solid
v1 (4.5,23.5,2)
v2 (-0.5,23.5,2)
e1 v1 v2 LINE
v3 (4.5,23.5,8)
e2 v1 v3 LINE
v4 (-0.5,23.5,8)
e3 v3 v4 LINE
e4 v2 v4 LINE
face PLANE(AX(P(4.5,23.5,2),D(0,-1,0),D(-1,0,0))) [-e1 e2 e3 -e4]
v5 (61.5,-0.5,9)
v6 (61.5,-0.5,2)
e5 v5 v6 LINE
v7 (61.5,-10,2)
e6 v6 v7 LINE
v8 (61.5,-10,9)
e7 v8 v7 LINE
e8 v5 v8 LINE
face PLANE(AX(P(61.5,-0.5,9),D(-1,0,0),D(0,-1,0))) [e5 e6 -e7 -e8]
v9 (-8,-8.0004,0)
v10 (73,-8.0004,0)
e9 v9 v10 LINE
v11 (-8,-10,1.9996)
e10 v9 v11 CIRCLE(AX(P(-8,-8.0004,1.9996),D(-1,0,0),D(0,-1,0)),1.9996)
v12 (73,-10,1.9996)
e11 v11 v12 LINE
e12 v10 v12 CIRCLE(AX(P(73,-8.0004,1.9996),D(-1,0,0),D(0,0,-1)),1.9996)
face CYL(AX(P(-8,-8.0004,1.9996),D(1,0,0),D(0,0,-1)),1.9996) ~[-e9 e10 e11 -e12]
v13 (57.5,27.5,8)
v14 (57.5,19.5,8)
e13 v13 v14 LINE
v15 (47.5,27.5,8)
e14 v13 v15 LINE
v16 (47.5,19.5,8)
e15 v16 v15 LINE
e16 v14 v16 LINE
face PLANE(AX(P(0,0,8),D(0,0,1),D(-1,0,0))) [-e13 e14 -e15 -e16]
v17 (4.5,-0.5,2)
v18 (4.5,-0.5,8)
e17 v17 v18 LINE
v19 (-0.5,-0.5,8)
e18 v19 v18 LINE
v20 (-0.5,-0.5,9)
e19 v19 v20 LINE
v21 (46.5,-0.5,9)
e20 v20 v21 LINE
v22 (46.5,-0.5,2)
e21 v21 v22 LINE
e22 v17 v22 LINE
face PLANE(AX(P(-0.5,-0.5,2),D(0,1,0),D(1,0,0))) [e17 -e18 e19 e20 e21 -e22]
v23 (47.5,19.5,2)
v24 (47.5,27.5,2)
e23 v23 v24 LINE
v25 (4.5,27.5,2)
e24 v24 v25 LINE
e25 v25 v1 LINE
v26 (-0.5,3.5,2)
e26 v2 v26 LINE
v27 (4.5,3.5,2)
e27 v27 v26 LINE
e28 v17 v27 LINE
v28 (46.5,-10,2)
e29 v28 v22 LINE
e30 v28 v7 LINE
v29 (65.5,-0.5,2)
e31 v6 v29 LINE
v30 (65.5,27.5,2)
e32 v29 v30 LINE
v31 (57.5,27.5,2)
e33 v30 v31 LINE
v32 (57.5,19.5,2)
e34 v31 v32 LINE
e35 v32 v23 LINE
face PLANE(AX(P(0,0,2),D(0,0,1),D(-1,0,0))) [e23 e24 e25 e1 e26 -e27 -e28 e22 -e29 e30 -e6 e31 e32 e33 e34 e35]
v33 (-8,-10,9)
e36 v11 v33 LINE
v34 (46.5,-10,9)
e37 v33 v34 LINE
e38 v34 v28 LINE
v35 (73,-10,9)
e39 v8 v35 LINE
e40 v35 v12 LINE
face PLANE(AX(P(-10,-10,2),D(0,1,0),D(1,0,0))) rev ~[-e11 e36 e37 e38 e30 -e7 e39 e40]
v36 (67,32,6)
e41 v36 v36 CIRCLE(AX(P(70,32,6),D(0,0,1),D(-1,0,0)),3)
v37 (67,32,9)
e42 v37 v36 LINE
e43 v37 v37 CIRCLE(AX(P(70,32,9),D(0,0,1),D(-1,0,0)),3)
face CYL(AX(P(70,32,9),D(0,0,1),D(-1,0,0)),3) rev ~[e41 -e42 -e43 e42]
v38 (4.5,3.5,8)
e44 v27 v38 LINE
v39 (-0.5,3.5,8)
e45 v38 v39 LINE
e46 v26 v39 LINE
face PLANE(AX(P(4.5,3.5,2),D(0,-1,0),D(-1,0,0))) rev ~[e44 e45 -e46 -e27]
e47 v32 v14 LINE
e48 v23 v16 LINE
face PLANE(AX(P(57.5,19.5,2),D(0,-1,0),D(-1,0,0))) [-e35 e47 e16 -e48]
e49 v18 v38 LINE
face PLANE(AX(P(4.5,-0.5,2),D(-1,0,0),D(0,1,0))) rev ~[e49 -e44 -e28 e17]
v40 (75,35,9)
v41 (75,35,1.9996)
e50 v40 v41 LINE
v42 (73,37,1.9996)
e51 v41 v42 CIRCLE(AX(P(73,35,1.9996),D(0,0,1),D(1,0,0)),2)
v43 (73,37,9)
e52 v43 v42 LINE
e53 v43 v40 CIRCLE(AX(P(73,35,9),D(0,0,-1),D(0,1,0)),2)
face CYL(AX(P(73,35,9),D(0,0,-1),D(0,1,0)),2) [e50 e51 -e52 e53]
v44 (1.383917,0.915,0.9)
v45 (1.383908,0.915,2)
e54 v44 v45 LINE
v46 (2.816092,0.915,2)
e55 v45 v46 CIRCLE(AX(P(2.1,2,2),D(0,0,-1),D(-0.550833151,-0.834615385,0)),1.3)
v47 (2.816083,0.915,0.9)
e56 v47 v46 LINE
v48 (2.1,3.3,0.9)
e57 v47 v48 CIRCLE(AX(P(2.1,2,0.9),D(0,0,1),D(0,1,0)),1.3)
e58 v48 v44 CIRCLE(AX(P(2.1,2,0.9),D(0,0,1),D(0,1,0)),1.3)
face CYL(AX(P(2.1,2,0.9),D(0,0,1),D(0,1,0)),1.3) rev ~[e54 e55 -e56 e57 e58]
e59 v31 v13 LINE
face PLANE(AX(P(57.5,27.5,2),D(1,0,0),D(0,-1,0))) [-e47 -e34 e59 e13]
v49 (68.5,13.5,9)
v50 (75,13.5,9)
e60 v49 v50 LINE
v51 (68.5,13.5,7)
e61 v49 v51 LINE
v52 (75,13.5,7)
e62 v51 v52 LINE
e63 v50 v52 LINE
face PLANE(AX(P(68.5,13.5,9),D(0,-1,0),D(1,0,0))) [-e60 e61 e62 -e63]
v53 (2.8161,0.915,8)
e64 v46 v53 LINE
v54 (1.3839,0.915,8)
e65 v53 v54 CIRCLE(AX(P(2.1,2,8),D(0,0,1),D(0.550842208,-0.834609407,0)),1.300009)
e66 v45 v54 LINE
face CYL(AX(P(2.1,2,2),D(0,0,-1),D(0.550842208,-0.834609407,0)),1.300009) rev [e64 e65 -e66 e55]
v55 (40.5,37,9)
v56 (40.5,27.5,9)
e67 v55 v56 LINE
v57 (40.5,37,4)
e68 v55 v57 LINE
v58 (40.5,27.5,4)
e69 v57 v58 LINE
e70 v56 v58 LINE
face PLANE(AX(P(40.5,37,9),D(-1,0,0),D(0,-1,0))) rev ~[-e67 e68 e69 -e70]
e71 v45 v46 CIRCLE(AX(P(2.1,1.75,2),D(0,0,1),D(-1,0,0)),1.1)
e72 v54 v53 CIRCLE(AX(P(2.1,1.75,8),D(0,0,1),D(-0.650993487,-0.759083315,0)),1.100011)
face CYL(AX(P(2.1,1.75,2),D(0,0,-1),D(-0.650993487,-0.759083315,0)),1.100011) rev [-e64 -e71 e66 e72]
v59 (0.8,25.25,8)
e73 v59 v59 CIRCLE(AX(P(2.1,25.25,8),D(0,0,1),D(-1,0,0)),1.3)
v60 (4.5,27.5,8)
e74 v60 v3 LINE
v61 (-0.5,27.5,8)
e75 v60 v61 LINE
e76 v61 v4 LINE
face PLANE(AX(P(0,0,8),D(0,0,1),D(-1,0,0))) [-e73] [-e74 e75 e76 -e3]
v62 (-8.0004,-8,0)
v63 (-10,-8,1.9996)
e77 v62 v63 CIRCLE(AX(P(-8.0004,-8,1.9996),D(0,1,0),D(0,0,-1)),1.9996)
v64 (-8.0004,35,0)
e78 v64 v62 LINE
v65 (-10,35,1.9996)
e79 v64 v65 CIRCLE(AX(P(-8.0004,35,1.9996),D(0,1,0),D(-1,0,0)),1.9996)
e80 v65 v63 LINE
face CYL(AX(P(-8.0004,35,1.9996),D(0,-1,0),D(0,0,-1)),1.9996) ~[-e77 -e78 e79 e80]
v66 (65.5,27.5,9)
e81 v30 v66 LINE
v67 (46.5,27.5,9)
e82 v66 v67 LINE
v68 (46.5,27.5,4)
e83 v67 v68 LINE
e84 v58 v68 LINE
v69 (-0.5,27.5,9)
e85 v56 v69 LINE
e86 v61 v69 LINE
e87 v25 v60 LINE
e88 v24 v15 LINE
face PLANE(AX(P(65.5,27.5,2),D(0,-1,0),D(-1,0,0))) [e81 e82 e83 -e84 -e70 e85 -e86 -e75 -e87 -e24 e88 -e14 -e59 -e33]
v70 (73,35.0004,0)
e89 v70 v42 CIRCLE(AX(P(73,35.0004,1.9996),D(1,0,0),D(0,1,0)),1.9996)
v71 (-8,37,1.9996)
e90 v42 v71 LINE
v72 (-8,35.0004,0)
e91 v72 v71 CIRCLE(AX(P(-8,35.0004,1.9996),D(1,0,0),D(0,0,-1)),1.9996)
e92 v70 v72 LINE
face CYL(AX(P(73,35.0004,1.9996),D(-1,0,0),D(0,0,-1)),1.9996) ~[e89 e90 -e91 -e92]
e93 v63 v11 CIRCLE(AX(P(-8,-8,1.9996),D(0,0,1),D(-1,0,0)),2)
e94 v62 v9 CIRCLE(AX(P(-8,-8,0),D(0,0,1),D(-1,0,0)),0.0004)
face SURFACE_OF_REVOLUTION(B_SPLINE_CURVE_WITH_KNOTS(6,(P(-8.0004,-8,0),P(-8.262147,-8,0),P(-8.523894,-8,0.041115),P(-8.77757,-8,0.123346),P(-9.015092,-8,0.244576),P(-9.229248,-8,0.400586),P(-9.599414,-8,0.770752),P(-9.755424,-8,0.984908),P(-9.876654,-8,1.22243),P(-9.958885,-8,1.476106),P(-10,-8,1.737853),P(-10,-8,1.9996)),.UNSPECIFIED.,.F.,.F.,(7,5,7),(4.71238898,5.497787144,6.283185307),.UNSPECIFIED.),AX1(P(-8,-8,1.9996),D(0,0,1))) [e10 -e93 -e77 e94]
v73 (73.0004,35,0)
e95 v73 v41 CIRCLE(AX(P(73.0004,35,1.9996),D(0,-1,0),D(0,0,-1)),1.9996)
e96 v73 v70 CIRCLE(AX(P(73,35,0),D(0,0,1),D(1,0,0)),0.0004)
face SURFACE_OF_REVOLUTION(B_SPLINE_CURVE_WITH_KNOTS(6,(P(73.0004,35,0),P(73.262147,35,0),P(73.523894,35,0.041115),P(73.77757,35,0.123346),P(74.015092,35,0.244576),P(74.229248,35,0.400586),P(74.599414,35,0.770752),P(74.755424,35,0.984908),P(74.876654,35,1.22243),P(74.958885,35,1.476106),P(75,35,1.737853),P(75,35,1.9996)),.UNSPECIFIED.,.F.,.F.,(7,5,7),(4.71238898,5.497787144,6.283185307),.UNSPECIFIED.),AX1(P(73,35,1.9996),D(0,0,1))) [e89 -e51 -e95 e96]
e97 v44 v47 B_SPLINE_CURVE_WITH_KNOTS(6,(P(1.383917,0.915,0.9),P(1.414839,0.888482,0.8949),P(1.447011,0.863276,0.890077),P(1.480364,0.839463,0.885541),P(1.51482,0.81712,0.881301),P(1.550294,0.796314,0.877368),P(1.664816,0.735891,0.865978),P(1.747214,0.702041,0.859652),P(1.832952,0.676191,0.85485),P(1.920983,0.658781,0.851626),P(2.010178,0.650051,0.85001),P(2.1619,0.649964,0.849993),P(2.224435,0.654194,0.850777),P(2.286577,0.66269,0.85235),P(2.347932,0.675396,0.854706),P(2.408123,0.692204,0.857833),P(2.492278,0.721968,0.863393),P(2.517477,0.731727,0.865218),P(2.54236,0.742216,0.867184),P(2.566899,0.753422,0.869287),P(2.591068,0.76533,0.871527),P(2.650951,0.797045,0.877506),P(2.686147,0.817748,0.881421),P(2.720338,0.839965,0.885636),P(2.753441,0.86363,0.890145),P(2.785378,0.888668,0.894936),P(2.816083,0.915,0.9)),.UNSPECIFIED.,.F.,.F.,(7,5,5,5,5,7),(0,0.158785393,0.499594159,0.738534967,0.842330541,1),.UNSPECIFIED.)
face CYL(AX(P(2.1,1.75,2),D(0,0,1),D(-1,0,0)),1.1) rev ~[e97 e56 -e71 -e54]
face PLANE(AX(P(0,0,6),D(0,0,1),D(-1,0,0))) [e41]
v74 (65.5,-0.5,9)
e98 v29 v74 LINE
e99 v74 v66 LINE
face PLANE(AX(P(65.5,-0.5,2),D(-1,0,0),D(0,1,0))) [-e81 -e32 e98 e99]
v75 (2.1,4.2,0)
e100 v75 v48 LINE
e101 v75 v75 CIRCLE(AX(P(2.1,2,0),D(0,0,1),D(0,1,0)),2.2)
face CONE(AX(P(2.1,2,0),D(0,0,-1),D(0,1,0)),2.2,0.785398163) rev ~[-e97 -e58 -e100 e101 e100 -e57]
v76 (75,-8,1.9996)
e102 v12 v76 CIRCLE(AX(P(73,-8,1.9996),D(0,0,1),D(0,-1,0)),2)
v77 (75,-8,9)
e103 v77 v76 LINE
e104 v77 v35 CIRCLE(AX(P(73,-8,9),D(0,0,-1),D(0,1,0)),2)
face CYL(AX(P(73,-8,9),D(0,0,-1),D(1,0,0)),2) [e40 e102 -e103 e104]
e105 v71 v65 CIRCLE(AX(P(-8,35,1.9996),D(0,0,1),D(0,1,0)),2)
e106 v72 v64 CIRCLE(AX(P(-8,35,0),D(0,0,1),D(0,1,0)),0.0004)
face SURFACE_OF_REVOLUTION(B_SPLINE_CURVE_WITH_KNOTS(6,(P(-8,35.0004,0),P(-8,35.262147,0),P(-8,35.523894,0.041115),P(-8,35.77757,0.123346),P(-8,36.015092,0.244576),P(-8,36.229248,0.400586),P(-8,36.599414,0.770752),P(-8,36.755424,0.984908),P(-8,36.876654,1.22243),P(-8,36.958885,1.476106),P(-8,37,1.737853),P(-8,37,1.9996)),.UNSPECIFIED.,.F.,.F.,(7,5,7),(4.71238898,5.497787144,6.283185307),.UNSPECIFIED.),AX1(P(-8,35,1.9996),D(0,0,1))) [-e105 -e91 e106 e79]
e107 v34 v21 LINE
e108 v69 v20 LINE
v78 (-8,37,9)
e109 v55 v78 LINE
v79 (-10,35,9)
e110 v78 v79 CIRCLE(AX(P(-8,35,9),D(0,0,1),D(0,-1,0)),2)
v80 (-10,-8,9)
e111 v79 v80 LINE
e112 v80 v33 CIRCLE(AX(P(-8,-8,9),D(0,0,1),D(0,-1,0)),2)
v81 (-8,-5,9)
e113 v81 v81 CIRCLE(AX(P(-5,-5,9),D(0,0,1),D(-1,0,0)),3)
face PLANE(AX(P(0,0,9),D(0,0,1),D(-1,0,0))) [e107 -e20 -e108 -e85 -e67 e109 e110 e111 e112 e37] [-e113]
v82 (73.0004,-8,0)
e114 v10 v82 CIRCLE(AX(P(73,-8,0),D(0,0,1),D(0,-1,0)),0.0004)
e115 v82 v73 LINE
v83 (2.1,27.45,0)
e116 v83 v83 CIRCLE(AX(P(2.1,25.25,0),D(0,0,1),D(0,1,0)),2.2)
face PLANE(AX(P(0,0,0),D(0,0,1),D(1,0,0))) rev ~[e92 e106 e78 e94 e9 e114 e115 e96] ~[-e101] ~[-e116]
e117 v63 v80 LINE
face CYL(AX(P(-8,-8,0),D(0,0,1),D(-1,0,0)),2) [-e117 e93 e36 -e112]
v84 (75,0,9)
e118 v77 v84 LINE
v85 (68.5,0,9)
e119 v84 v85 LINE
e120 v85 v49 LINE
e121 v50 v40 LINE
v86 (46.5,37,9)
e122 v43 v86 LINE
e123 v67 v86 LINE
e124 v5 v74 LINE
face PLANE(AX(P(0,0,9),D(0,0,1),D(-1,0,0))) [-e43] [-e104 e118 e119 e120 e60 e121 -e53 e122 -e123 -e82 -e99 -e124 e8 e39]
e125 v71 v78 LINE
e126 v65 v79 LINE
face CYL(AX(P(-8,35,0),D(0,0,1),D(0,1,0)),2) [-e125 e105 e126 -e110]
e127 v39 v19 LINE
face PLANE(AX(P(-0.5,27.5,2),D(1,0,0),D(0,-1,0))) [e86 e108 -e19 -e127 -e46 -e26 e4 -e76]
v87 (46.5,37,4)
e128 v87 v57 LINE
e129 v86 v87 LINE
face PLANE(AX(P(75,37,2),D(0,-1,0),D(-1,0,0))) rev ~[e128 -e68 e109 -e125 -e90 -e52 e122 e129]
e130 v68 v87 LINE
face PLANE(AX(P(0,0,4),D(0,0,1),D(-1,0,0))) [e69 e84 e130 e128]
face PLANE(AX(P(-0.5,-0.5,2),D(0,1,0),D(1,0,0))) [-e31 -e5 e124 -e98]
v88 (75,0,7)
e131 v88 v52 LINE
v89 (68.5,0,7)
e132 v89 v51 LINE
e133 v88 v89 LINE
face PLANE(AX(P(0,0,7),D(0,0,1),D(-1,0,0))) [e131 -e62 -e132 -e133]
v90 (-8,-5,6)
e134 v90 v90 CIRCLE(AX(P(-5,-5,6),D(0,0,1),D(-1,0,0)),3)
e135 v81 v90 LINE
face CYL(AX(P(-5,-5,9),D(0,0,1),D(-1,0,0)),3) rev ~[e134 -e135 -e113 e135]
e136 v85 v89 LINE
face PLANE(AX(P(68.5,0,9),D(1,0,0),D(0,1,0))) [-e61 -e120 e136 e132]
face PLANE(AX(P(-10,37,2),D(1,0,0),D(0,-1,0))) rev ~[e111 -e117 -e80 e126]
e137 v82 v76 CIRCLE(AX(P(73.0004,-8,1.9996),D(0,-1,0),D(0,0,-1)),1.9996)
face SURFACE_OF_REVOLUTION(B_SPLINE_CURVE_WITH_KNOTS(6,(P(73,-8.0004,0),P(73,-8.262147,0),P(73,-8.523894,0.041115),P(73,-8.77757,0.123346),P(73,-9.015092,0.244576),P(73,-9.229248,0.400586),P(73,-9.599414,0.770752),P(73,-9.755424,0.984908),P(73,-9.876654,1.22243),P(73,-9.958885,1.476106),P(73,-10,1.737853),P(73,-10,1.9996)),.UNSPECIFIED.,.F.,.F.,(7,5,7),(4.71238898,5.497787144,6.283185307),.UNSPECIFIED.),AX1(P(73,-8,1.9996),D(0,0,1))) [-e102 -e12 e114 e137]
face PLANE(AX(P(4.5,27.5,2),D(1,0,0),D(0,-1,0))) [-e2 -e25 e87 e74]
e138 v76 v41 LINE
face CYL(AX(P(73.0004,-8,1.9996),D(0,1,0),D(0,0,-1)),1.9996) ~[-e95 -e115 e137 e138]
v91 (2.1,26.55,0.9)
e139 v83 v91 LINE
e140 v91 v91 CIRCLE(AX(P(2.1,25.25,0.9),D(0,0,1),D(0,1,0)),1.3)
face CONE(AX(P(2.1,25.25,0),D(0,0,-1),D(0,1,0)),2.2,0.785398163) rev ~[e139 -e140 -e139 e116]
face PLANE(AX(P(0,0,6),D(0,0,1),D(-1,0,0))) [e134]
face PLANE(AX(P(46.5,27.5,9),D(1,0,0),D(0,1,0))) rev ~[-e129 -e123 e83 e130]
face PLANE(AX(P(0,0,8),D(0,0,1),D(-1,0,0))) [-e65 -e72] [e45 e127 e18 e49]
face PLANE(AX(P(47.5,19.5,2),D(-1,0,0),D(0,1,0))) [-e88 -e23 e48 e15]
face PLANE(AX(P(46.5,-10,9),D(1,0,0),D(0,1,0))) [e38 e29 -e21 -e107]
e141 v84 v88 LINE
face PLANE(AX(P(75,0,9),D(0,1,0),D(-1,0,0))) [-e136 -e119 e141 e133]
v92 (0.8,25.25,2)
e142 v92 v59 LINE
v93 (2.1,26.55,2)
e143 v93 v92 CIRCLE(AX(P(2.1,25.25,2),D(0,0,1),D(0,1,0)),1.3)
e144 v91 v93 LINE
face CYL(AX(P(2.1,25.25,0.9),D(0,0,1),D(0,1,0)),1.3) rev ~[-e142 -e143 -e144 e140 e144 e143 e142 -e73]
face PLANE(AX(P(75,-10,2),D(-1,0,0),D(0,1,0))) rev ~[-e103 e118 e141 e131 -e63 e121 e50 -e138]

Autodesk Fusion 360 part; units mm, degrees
sketch "Sketch1" plane through (0, 0, 0) normal (0, 0, 1) x (1, 0, 0)
  line L0 (0, 0) -> (65, 0)
  line L1 (65, 0) -> (65, 27)
  line L2 (65, 27) -> (0, 27)
  line L3 (0, 27) -> (0, 0)
  line L4 (-10, -10) -> (75, -10)
  line L5 (75, -10) -> (75, 37)
  line L6 (75, 37) -> (-10, 37)
  line L7 (-10, 37) -> (-10, -10)
  dimension "d3" = 65
  dimension "d4" = 27
  dimension "d5" = 85
  dimension "d6" = 47
  dimension "d7" = 10
  dimension "d8" = 10
extrude "Extrude1" add sketch "Sketch1" along normal blind 2 contours L0 L1 L2 L3 | L4 L5 L6 L7
sketch "Sketch2" plane through (0, 0, 2) normal (0, 0, 1) x (-1, 0, 0)
  line L0 (10, -37) -> (10, 10)
  line L1 (10, 10) -> (-75, 10)
  line L2 (-75, 10) -> (-75, -37)
  line L3 (-75, -37) -> (10, -37)
  line L4 (-65.5, -27.5) -> (0.5, -27.5)
  line L5 (0.5, -27.5) -> (0.5, 0.5)
  line L6 (0.5, 0.5) -> (-65.5, 0.5)
  line L7 (-65.5, 0.5) -> (-65.5, -27.5)
  dimension "d19" = 66
  dimension "d20" = 28
  dimension "d21" = 9.5
  dimension "d22" = 9.5
extrude "Extrude3" add sketch "Sketch2" along normal blind 7
sketch "Sketch3" plane through (0, 0, 2) normal (0, 0, 1) x (-1, 0, 0)
  circle A0 centre (-2.1, -25.25) radius 1.1
  line L0 (0.5, -27.5) -> (0.5, 0.5)
  line L1 (-65.5, -27.5) -> (0.5, -27.5)
  circle A1 centre (-2.1, -1.75) radius 1.1
  line L2 (0.5, 0.5) -> (-65.5, 0.5)
  dimension "d25" = 2.2
  dimension "d26" = 2.6
  dimension "d27" = 2.25
  dimension "d28" = 2.2
  dimension "d29" = 2.25
  dimension "d30" = 2.6
extrude "Extrude4" cut sketch "Sketch3" against normal blind 3
sketch "Sketch4" plane through (0, 0, 9) normal (0, 0, 1) x (-1, 0, 0)
  line L0 (-65.5, -27.5) -> (-65.5, 0.5)
  line L1 (-65.5, 0.5) -> (0.5, 0.5)
  line L2 (0.5, 0.5) -> (0.5, -27.5)
  line L3 (0.5, -27.5) -> (-65.5, -27.5)
  line L4 (-75, -37) -> (10, -37)
  line L5 (10, -37) -> (10, 10)
  line L6 (10, 10) -> (-75, 10)
  line L7 (-75, 10) -> (-75, -37)
  line L8 (-46.5, -37) -> (-40.5, -37)
  line L9 (-40.5, -37) -> (-40.5, -27.5)
  line L10 (-40.5, -27.5) -> (-46.5, -27.5)
  line L11 (-46.5, -27.5) -> (-46.5, -37)
  line L12 (0.5, -27.5) -> (0.5, 0.5)
  line L13 (-65.5, 0.5) -> (-65.5, -27.5)
  dimension "d34" = 41
  dimension "d35" = 19
extrude "Extrude5" cut sketch "Sketch4" against normal blind 5 contours L3 L4 L8 L9 L10 L11
sketch "Sketch7" plane through (0, 0, 9) normal (0, 0, 1) x (-1, 0, 0)
  line L0 (-46.5, -37) -> (-46.5, -27.5)
  line L1 (-46.5, -27.5) -> (-65.5, -27.5)
  line L2 (-65.5, -27.5) -> (-65.5, 0.5)
  line L3 (-65.5, 0.5) -> (0.5, 0.5)
  line L4 (0.5, 0.5) -> (0.5, -27.5)
  line L5 (0.5, -27.5) -> (-40.5, -27.5)
  line L6 (-40.5, -27.5) -> (-40.5, -37)
  line L7 (-40.5, -37) -> (10, -37)
  line L8 (10, -37) -> (10, 10)
  line L9 (10, 10) -> (-75, 10)
  line L10 (-75, 10) -> (-75, -37)
  line L11 (-75, -37) -> (-46.5, -37)
  circle A0 centre (5, 5) radius 3
  circle A1 centre (-70, -32) radius 3
  dimension "d52" = 6
  dimension "d53" = 5
  dimension "d54" = 5
  dimension "d55" = 6
  dimension "d56" = 5
  dimension "d57" = 5
extrude "Extrude7" cut sketch "Sketch7" against normal blind 3 contours A0 | A1
sketch "Sketch8" plane through (0, 0, 9) normal (0, 0, 1) x (-1, 0, 0)
  circle A0 centre (5, 5) radius 3
  circle A1 centre (-70, -32) radius 3
  line L0 (-46.5, -37) -> (-46.5, -27.5)
  line L1 (-46.5, -27.5) -> (-65.5, -27.5)
  line L2 (-65.5, -27.5) -> (-65.5, 0.5)
  line L3 (-65.5, 0.5) -> (0.5, 0.5)
  line L4 (0.5, 0.5) -> (0.5, -27.5)
  line L5 (0.5, -27.5) -> (-40.5, -27.5)
  line L6 (-40.5, -27.5) -> (-40.5, -37)
  line L7 (-40.5, -37) -> (10, -37)
  line L8 (10, -37) -> (10, 10)
  line L9 (10, 10) -> (-75, 10)
  line L10 (-75, 10) -> (-75, -37)
  line L11 (-75, -37) -> (-46.5, -37)
  line L12 (-46.5, 0.5) -> (-61.5, 0.5)
  line L13 (-61.5, 0.5) -> (-61.5, 10)
  line L14 (-61.5, 10) -> (-46.5, 10)
  line L15 (-46.5, 10) -> (-46.5, 0.5)
  line L16 (0.5, -27.5) -> (0.5, 0.5)
  line L17 (-65.5, 0.5) -> (-65.5, -27.5)
  dimension "d61" = 47
  dimension "d62" = 4
extrude "Extrude8" cut sketch "Sketch8" against normal blind 7 contours L3 L9 L12 L13 L14 L15
fillet "Fillet1" radius 2 4 edges at (-10, -10, 4.5) (75, -10, 4.5) (75, 37, 4.5) (-10, 37, 4.5)
sketch "Sketch9" plane through (0, 0, 9) normal (0, 0, 1) x (-1, 0, 0)
  arc A0 (-75, -35) -> (-73, -37) centre (-73, -35) ccw
  line L0 (-73, -37) -> (-46.5, -37)
  line L1 (-46.5, -37) -> (-46.5, -27.5)
  line L2 (-46.5, -27.5) -> (-65.5, -27.5)
  line L3 (-65.5, -27.5) -> (-65.5, 0.5)
  line L4 (-65.5, 0.5) -> (-61.5, 0.5)
  line L5 (-61.5, 0.5) -> (-61.5, 10)
  line L6 (-61.5, 10) -> (-73, 10)
  arc A1 (-73, 10) -> (-75, 8) centre (-73, 8) ccw
  line L7 (-75, 8) -> (-75, -35)
  circle A2 centre (-70, -32) radius 3
  line L8 (-75, 0) -> (-68.5, 0)
  line L9 (-68.5, 0) -> (-68.5, -13.5)
  line L10 (-68.5, -13.5) -> (-75, -13.5)
  line L11 (-75, -13.5) -> (-75, 0)
  line L12 (-65.5, 0.5) -> (-65.5, -27.5)
  dimension "d67" = 10
  dimension "d68" = 3
  dimension "d69" = 13.5
extrude "Extrude9" cut sketch "Sketch9" against normal blind 2 contours L7 L8 L9 L10 L11
sketch "Sketch10" plane through (0, 0, 0) normal (0, 0, -1) x (1, 0, 0)
  arc A0 (-10, -35) -> (-8, -37) centre (-8, -35) ccw
  line L0 (-8, -37) -> (73, -37)
  arc A1 (73, -37) -> (75, -35) centre (73, -35) ccw
  line L1 (75, -35) -> (75, 8)
  arc A2 (75, 8) -> (73, 10) centre (73, 8) ccw
  line L2 (73, 10) -> (-8, 10)
  arc A3 (-8, 10) -> (-10, 8) centre (-8, 8) ccw
  line L3 (-10, 8) -> (-10, -35)
  circle A4 centre (2.1, -25.25) radius 1.1
  circle A5 centre (2.1, -1.75) radius 1.1
  line L4 (-0.5, 0.5) -> (65.5, 0.5)
  line L5 (-0.5, -27.5) -> (-0.5, 0.5)
  circle A6 centre (2.1, -25.25) radius 1.1
  circle A7 centre (2.1, -1.75) radius 1.1
  dimension "d75" = 2.2
hole "Hole1" at (2.1, 2, 0) at (2.1, 25.25, 0) direction (0, 0, 1) diameter 2.6 depth 14 tip angle 180 countersink diameter 4.4 countersink angle 90
sketch "Sketch11" plane through (0, 0, 2) normal (0, 0, 1) x (-1, 0, 0)
  line L0 (-65.5, -27.5) -> (0.5, -27.5)
  line L1 (0.5, -27.5) -> (0.5, 0.5)
  line L2 (0.5, 0.5) -> (-46.5, 0.5)
  line L3 (-46.5, 0.5) -> (-46.5, 10)
  line L4 (-46.5, 10) -> (-61.5, 10)
  line L5 (-61.5, 10) -> (-61.5, 0.5)
  line L6 (-61.5, 0.5) -> (-65.5, 0.5)
  line L7 (-65.5, 0.5) -> (-65.5, -27.5)
  arc A0 (-2.8161, -0.915) -> (-1.3839, -0.915) centre (-2.1, -2) ccw
  arc A1 (-1.3839, -0.915) -> (-2.8161, -0.915) centre (-2.1, -1.75) ccw
  circle A2 centre (-2.1, -25.25) radius 1.3
  line L8 (0.5, -27.5) -> (-4.5, -27.5)
  line L9 (-4.5, -27.5) -> (-4.5, -23.5)
  line L10 (-4.5, -23.5) -> (0.5, -23.5)
  line L11 (0.5, -23.5) -> (0.5, -27.5)
  line L12 (0.5, 0.5) -> (-4.5, 0.5)
  line L13 (-4.5, 0.5) -> (-4.5, -3.5)
  line L14 (-4.5, -3.5) -> (0.5, -3.5)
  line L15 (0.5, -3.5) -> (0.5, 0.5)
  dimension "d81" = 5
  dimension "d82" = 4
  dimension "d83" = 5
  dimension "d84" = 4
extrude "Extrude10" add sketch "Sketch11" along normal blind 6 contours L0 L1 L8 L9 L10 L11 | L1 L2 L12 L13 L14 L15
sketch "Sketch12" plane through (0, 0, 2) normal (0, 0, 1) x (-1, 0, 0)
  line L0 (-4.5, -27.5) -> (-4.5, -23.5)
  line L1 (-4.5, -23.5) -> (0.5, -23.5)
  line L2 (0.5, -23.5) -> (0.5, -3.5)
  line L3 (0.5, -3.5) -> (-4.5, -3.5)
  line L4 (-4.5, -3.5) -> (-4.5, 0.5)
  line L5 (-4.5, 0.5) -> (-46.5, 0.5)
  line L6 (-46.5, 0.5) -> (-46.5, 10)
  line L7 (-46.5, 10) -> (-61.5, 10)
  line L8 (-61.5, 10) -> (-61.5, 0.5)
  line L9 (-61.5, 0.5) -> (-65.5, 0.5)
  line L10 (-65.5, 0.5) -> (-65.5, -27.5)
  line L11 (-65.5, -27.5) -> (-4.5, -27.5)
  line L12 (-47.5, -27.5) -> (-57.5, -27.5)
  line L13 (-57.5, -27.5) -> (-57.5, -19.5)
  line L14 (-57.5, -19.5) -> (-47.5, -19.5)
  line L15 (-47.5, -19.5) -> (-47.5, -27.5)
  dimension "d87" = 10
  dimension "d88" = 8
  dimension "d89" = 18
extrude "Extrude11" add sketch "Sketch12" along normal blind 6 contours L11 L12 L13 L14 L15
fillet "Fillet2" radius 2 8 edges at (75, 13.5, 0) (74.4142, 36.4142, 0) (32.5, 37, 0) (-9.4142, 36.4142, 0) (-10, 13.5, 0) (-9.4142, -9.4142, 0) (32.5, -10, 0) (74.4142, -9.4142, 0)
